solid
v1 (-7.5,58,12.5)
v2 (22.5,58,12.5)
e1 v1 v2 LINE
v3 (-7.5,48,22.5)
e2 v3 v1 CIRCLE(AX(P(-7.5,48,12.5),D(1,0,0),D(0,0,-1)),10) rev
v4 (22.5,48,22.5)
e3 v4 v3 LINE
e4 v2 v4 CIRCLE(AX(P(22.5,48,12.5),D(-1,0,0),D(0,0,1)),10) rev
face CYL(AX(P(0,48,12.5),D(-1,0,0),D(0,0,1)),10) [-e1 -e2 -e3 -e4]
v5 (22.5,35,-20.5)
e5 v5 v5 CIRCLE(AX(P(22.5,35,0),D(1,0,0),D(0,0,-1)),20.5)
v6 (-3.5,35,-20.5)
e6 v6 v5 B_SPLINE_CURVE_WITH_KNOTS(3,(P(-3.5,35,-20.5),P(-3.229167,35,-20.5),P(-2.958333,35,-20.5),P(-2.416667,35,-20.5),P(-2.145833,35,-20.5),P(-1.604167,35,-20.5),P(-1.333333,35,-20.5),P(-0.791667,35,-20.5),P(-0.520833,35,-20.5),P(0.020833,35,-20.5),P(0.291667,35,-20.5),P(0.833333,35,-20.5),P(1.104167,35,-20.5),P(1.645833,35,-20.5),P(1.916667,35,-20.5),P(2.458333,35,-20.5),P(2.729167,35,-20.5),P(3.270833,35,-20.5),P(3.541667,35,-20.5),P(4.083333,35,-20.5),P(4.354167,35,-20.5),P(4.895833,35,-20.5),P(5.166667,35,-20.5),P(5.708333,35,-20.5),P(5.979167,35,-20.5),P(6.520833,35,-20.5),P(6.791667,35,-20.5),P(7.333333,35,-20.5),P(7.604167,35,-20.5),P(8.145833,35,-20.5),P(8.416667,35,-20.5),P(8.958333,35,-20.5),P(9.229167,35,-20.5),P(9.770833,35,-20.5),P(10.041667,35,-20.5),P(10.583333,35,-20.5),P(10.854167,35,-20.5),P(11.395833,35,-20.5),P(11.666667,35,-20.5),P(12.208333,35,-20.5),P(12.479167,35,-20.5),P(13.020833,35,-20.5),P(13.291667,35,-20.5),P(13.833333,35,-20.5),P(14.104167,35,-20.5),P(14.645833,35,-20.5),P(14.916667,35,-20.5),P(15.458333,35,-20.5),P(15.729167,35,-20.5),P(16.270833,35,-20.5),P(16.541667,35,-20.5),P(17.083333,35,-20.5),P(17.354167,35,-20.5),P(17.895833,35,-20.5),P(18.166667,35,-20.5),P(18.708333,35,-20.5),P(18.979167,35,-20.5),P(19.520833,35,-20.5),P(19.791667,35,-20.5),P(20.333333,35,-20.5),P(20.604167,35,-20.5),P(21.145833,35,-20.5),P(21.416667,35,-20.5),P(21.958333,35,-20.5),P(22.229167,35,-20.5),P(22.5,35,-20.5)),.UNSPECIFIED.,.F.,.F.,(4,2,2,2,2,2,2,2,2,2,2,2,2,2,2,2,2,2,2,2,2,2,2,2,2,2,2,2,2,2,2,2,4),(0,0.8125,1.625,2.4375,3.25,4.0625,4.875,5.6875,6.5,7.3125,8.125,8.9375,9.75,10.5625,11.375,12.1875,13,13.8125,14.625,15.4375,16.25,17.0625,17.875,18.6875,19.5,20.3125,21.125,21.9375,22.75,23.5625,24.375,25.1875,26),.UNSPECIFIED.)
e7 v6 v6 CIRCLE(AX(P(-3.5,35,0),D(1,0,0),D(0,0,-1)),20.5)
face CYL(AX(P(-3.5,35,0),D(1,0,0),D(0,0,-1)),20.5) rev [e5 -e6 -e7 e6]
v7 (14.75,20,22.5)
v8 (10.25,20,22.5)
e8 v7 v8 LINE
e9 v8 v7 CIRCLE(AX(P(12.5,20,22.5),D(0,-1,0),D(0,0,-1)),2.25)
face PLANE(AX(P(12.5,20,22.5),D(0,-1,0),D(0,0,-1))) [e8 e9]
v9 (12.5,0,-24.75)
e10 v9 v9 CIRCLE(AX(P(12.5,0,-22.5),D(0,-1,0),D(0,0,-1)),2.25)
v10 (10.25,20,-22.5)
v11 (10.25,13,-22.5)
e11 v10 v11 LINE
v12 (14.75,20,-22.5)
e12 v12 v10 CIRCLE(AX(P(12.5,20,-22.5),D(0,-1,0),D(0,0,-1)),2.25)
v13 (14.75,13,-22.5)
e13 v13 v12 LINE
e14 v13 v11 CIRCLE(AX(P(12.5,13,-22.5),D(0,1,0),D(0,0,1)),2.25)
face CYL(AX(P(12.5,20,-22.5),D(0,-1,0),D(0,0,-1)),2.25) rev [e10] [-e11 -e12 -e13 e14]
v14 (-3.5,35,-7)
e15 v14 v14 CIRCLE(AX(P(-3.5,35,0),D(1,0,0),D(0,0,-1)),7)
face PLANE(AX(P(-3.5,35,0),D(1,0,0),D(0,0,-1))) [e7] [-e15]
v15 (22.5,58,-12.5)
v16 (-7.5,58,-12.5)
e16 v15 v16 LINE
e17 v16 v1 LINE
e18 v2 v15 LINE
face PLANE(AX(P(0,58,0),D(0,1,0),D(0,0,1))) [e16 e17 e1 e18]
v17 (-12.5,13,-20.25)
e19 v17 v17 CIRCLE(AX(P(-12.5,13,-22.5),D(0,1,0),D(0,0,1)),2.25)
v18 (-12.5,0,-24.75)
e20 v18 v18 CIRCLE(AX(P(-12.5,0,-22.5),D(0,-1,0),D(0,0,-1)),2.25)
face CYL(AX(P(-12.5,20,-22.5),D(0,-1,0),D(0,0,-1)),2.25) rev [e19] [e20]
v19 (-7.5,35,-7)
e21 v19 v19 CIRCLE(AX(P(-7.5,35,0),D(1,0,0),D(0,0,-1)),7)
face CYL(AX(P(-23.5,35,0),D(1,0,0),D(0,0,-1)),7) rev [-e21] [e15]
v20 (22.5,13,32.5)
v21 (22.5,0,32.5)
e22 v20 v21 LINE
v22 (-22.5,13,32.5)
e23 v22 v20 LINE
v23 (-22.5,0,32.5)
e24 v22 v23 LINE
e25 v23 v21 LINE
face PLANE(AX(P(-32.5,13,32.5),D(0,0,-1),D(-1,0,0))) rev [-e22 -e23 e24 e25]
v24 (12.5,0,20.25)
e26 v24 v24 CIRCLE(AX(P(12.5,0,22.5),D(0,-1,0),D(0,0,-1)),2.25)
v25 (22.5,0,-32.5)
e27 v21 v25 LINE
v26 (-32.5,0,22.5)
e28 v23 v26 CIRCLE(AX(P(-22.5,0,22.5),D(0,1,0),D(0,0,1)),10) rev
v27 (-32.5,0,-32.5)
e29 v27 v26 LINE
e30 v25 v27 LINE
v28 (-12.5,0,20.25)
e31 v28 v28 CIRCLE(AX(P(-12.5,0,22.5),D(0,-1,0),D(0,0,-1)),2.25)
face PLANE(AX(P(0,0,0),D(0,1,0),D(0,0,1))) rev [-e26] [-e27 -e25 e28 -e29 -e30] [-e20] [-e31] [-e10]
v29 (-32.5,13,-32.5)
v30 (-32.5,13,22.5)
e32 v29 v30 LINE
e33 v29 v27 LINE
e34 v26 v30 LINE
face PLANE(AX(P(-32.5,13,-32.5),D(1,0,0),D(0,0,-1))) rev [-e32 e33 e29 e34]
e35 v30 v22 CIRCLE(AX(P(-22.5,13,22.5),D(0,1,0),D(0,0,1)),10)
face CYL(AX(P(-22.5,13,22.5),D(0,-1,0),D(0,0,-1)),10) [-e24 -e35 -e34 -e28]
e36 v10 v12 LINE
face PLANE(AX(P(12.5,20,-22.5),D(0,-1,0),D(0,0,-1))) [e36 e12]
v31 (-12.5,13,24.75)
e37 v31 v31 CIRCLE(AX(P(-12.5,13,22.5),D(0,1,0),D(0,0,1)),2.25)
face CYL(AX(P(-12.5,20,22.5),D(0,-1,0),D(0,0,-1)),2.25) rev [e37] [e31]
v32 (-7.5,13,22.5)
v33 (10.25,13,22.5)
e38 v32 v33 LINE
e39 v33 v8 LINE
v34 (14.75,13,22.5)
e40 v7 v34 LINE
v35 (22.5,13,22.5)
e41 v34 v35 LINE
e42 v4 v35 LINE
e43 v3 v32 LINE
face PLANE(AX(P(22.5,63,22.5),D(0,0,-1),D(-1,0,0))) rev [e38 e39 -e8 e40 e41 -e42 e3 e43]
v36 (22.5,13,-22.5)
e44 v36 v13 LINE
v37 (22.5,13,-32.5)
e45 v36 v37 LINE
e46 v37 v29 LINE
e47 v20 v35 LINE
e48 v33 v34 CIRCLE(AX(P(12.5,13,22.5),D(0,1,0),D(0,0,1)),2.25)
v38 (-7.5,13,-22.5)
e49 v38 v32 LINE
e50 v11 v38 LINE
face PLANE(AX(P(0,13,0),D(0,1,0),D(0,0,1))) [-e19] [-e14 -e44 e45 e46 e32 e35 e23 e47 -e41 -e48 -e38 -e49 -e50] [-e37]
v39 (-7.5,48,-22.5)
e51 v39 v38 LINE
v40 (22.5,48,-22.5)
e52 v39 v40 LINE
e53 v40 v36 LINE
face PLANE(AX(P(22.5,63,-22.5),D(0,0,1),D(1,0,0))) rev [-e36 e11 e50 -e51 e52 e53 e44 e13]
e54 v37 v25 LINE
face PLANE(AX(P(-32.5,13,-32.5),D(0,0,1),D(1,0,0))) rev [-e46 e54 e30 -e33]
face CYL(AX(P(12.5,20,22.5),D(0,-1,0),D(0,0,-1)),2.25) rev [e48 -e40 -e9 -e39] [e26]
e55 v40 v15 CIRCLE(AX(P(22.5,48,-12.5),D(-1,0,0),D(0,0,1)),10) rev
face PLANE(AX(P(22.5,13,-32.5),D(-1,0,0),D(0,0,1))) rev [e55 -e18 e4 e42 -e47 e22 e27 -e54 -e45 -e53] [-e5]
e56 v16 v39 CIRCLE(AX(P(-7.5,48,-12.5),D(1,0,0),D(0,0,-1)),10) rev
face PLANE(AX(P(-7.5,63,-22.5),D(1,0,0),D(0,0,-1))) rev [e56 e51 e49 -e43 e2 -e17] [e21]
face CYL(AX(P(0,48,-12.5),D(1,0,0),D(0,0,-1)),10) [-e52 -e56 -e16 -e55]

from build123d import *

# Parameters (mm, degrees)
SKETCH1_W           = 55
SKETCH1_H           = 65
BOSS_EXTRUDE1_DEPTH = 13
SKETCH2_W           = 30
SKETCH2_H           = 45
BOSS_EXTRUDE2_DEPTH = 50
SKETCH5_R           = 20.5
CUT_EXTRUDE1_DEPTH  = 26
SKETCH7_R           = 7
CUT_EXTRUDE2_DEPTH  = 20
SKETCH8_R           = 2.25
CUT_EXTRUDE3_DEPTH  = 20
FILLET2_R           = 10
SKETCH9_W           = 30
SKETCH9_H           = 45
CUT_EXTRUDE4_DEPTH  = 5
FILLET3_R           = 10
FILLET4_R           = 10


with BuildPart() as part:
    # Sketch1 → Boss-Extrude1 (new body)
    with BuildSketch(Plane(origin=(0, 0, 0), x_dir=(1, 0, 0), z_dir=(0, 1, 0))):
        with Locations((-5, 0)):
            Rectangle(SKETCH1_W, SKETCH1_H)
    extrude(amount=BOSS_EXTRUDE1_DEPTH)

    # Sketch2 → Boss-Extrude2 (add)
    with BuildSketch(Plane(origin=(0, 13, 0), x_dir=(1, 0, 0), z_dir=(0, 1, 0))):
        with Locations((7.5, 0)):
            Rectangle(SKETCH2_W, SKETCH2_H)
    extrude(amount=BOSS_EXTRUDE2_DEPTH)

    # Sketch5 → Cut-Extrude1 (cut)
    with BuildSketch(Plane(origin=(22.5, 0, 0), x_dir=(0, 0, -1), z_dir=(1, 0, 0))):
        with Locations((0, 35)):
            Circle(SKETCH5_R)
    extrude(amount=-CUT_EXTRUDE1_DEPTH, mode=Mode.SUBTRACT)

    # Sketch7 → Cut-Extrude2 (cut)
    with BuildSketch(Plane(origin=(-3.5, 0, 0), x_dir=(0, 0, -1), z_dir=(1, 0, 0))):
        with Locations((0, 35)):
            Circle(SKETCH7_R)
    extrude(amount=-CUT_EXTRUDE2_DEPTH, mode=Mode.SUBTRACT)

    # Sketch8 → Cut-Extrude3 (cut)
    with BuildSketch(Plane(origin=(0, 0, 0), x_dir=(-1, 0, 0), z_dir=(0, -1, 0))):
        with Locations(Location((12.5, -22.5, 0), (0, 0, 90))):
            Circle(SKETCH8_R)
        with Locations(Location((12.5, 22.5, 0), (0, 0, 90))):
            Circle(SKETCH8_R)
        with Locations(Location((-12.5, 22.5, 0), (0, 0, 90))):
            Circle(SKETCH8_R)
        with Locations(Location((-12.5, -22.5, 0), (0, 0, 90))):
            Circle(SKETCH8_R)
    extrude(amount=-CUT_EXTRUDE3_DEPTH, mode=Mode.SUBTRACT)

    # Fillet2
    fillet2_edges = [part.edges().sort_by_distance(p)[0] for p in [
        (-32.5, 6.5, 32.5),
    ]]
    fillet(fillet2_edges, radius=FILLET2_R)

    # Sketch9 → Cut-Extrude4 (cut)
    with BuildSketch(Plane(origin=(0, 63, 0), x_dir=(1, 0, 0), z_dir=(0, 1, 0))):
        with Locations((7.5, 0)):
            Rectangle(SKETCH9_W, SKETCH9_H)
    extrude(amount=-CUT_EXTRUDE4_DEPTH, mode=Mode.SUBTRACT)

    # Fillet3
    fillet3_edges = [part.edges().sort_by_distance(p)[0] for p in [
        (7.5, 58, 22.5),
    ]]
    fillet(fillet3_edges, radius=FILLET3_R)

    # Fillet4
    fillet4_edges = [part.edges().sort_by_distance(p)[0] for p in [
        (7.5, 58, -22.5),
    ]]
    fillet(fillet4_edges, radius=FILLET4_R)


solid = part.part
